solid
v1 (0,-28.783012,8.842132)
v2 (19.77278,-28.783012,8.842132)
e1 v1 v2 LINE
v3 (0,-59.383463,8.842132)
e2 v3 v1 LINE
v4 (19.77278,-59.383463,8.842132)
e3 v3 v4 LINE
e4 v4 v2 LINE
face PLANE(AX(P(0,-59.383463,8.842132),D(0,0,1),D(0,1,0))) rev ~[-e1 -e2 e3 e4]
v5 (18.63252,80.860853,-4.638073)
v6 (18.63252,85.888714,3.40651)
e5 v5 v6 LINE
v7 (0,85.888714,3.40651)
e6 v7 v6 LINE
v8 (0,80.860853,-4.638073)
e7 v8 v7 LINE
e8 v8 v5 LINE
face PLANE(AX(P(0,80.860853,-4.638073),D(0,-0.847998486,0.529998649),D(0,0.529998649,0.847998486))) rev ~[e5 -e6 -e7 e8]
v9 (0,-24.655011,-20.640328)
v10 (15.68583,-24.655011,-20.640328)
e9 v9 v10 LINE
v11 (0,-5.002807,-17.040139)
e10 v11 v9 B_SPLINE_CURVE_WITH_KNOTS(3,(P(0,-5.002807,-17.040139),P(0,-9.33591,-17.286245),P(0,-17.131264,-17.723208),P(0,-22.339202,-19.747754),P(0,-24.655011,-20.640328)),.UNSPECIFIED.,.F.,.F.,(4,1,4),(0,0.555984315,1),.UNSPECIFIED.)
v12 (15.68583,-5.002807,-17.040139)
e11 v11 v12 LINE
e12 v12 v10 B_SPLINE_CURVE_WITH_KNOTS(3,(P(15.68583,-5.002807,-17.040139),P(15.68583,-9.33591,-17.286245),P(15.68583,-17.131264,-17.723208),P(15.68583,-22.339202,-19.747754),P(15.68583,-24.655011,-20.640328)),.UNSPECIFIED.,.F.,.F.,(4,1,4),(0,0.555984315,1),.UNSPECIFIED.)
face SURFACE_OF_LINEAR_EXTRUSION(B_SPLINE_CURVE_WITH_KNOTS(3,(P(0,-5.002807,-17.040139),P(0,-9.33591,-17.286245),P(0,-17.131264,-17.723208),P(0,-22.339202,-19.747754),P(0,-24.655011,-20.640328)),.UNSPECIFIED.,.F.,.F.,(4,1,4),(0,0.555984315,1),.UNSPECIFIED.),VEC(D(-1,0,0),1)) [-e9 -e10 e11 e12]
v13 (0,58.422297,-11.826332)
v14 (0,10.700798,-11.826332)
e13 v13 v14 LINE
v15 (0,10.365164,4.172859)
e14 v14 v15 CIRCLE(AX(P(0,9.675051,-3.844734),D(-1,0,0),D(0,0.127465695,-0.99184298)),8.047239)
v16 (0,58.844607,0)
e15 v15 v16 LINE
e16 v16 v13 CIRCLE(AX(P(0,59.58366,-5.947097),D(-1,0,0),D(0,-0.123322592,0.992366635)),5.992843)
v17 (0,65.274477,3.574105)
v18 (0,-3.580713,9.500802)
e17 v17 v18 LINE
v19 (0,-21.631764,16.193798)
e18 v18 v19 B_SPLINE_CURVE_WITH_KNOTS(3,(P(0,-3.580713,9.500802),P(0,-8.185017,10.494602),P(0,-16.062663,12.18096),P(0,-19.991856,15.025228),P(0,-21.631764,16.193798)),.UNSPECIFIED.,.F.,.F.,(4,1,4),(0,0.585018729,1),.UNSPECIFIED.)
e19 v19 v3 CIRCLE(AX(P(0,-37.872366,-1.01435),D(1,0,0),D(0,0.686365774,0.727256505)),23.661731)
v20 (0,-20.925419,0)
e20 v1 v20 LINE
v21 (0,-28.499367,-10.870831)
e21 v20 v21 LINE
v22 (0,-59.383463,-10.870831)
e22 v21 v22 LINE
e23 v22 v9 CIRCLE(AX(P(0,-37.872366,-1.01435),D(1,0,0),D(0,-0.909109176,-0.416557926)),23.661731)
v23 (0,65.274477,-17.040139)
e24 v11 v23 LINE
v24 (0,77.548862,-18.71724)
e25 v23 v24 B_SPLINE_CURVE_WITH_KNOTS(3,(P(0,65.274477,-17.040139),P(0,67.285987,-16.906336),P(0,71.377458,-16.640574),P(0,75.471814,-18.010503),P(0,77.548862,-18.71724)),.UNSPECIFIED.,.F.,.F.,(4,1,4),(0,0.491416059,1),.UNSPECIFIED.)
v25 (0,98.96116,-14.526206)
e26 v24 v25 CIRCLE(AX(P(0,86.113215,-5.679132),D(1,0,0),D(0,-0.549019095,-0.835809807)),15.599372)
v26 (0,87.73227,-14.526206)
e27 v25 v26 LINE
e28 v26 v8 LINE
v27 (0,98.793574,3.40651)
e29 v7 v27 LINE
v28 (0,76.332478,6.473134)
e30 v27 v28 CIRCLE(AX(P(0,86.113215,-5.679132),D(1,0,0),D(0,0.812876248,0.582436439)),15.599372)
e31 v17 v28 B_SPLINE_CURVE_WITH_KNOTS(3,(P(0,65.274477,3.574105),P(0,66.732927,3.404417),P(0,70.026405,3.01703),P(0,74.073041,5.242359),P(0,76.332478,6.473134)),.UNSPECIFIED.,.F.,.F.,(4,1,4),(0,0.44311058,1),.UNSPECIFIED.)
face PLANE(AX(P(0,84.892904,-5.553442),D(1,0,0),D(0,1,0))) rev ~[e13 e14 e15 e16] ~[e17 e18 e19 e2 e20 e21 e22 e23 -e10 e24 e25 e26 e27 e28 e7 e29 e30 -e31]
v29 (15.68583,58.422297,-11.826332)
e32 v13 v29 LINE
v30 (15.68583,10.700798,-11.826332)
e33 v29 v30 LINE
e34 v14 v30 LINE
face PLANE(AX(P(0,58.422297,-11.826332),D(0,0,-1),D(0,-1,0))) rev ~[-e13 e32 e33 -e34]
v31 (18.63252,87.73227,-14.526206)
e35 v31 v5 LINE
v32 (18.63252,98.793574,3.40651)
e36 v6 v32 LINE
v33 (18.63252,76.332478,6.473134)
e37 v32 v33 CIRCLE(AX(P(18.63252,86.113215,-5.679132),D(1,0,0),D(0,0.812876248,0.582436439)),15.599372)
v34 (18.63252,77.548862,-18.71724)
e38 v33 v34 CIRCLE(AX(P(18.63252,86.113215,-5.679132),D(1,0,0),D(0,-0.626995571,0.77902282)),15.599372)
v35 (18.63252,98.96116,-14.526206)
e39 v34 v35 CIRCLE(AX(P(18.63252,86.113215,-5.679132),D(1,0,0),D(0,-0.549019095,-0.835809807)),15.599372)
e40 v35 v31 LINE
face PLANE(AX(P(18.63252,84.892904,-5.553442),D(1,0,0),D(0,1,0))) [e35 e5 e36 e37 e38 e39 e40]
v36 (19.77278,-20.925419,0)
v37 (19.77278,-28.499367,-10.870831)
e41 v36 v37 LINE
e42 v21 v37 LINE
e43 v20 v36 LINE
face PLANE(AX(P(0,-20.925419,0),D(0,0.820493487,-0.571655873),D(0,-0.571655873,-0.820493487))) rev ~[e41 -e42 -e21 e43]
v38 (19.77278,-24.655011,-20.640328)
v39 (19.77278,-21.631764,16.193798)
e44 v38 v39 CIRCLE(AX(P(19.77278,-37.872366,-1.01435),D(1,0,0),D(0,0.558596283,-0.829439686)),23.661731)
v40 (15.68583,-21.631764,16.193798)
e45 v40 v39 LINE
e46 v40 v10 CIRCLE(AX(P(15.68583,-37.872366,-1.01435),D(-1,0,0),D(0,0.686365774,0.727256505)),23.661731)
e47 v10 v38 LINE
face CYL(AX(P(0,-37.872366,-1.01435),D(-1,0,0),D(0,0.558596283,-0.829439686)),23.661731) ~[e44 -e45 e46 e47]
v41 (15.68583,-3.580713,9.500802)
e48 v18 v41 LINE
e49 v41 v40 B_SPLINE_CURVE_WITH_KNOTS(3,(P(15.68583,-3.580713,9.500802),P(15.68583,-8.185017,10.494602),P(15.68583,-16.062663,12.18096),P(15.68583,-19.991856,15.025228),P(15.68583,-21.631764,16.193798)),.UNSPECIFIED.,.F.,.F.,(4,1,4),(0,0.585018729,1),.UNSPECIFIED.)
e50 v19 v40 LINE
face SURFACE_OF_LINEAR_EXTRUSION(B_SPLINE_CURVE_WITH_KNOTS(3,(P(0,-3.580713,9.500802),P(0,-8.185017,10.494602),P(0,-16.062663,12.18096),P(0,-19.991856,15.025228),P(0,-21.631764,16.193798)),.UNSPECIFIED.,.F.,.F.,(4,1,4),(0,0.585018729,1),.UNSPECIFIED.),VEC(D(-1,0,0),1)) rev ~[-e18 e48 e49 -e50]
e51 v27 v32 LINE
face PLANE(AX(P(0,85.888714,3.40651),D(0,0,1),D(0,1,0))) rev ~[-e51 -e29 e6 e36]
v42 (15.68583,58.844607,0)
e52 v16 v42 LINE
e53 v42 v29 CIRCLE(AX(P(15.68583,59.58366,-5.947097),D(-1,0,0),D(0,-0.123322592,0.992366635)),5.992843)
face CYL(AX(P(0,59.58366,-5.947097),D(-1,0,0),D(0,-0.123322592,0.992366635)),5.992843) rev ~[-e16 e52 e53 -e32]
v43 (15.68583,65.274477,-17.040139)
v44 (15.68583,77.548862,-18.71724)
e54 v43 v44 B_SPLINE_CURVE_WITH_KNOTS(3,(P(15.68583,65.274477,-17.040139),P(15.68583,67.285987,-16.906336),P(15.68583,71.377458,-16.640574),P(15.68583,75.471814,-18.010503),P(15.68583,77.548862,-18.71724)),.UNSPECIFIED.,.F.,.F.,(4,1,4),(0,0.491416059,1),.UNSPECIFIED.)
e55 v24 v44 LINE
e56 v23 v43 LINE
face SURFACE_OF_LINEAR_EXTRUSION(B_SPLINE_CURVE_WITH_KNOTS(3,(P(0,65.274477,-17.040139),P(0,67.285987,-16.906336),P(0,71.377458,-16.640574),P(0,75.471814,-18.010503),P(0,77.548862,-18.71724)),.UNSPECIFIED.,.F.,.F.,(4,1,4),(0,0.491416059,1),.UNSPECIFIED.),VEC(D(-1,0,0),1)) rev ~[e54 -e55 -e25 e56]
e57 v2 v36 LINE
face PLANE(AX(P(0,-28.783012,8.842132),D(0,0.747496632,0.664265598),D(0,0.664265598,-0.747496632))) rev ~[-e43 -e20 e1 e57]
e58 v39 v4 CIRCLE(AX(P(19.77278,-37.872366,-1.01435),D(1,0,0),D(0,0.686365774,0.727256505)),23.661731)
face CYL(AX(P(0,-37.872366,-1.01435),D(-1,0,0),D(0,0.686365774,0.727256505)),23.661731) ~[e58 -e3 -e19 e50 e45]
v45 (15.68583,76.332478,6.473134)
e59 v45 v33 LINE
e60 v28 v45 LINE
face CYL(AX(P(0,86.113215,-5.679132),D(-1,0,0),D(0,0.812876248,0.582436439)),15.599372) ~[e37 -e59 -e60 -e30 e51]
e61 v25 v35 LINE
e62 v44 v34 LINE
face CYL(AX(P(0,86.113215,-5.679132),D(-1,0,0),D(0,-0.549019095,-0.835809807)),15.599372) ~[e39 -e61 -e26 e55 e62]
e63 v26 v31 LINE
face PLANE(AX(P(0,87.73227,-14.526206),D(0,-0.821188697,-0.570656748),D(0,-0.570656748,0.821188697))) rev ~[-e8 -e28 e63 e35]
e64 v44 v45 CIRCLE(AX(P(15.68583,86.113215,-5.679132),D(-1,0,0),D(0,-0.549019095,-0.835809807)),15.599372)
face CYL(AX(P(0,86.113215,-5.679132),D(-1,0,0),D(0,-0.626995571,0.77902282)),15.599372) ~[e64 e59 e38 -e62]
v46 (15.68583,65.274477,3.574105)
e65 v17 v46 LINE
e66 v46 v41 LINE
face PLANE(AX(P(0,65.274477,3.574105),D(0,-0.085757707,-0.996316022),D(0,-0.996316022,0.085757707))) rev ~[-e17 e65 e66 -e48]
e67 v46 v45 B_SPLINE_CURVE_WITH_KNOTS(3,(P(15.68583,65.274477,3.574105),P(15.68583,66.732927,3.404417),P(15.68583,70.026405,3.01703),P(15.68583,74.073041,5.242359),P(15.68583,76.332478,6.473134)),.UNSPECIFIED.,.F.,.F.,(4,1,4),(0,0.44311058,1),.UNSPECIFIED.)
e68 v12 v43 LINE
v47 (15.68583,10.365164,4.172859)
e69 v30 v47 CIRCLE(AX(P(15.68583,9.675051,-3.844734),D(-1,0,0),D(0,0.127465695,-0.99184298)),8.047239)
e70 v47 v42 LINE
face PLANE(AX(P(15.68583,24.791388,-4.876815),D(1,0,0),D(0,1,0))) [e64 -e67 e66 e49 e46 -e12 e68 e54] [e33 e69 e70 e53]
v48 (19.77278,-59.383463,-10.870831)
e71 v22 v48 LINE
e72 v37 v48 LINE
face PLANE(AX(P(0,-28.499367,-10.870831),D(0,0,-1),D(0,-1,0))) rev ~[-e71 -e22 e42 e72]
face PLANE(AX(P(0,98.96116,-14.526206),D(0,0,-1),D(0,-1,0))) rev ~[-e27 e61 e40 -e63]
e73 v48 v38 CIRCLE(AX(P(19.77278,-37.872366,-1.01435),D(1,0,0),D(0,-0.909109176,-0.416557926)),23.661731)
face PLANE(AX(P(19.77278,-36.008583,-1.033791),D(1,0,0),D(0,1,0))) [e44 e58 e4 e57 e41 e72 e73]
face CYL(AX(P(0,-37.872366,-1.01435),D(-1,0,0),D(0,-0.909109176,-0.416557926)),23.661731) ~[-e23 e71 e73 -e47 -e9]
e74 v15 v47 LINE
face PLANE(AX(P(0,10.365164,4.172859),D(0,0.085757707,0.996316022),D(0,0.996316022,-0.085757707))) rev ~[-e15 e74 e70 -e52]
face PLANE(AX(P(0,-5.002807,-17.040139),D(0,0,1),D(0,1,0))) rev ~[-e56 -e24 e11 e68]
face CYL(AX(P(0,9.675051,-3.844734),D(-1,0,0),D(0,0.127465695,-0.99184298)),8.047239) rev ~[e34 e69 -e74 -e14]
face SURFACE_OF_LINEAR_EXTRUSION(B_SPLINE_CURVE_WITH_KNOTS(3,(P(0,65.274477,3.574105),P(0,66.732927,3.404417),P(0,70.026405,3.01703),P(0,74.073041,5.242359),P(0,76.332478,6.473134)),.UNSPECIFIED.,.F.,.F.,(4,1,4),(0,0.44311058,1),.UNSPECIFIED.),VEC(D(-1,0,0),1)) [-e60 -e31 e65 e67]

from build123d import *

# Parameters (mm, degrees)
F1_DEPTH = 19.77278
F2_DEPTH = 15.68583
F3_DEPTH = 18.63252


with BuildPart() as f1:
    # F0 (on Right) → F1 (new body)
    with BuildSketch(Plane.YZ):
        with BuildLine():
            ThreePointArc((-24.6550113916, -20.6403282086), (-14.2899358418, -2.9499328055), (-21.631764082, 16.1937982509))
            ThreePointArc((-21.631764082, 16.1937982509), (-42.3952279546, 22.2110941878), (-59.3834631145, 8.8421320543))
            Line((-59.3834631145, 8.8421320543), (-28.7830121815, 8.8421320543))
            Line((-28.7830121815, 8.8421320543), (-20.9254194051, 0))
            Line((-20.9254194051, 0), (-28.4993667156, -10.8708310872))
            Line((-28.4993667156, -10.8708310872), (-59.3834631145, -10.8708310872))
            ThreePointArc((-59.3834631145, -10.8708310872), (-44.2799639395, -23.7919746243), (-24.6550113916, -20.6403282086))
        make_face()
    extrude(amount=F1_DEPTH)

    # F0 (on Right) → F2 (join)
    with BuildSketch(Plane.YZ):
        with BuildLine():
            ThreePointArc((77.5488621059, -18.7172400394), (70.5319981338, -6.4315126272), (76.3324780773, 6.4731342287))
            add(Edge.make_bspline(
                [(65.274477005, 3.5741054453), (66.7329266753, 3.4044171276), (70.0264053954, 3.0170299241), (74.0730411994, 5.2423594483), (76.3324780773, 6.4731342287)],
                knots=[0, 0, 0, 0, 0.4431105797, 1, 1, 1, 1], degree=3))
            Line((65.274477005, 3.5741054453), (-3.5807129461, 9.5008024946))
            add(Edge.make_bspline(
                [(-3.5807129461, 9.5008024946), (-8.1850167721, 10.4946023635), (-16.0626627691, 12.1809603216), (-19.9918558673, 15.0252283967), (-21.631764082, 16.1937982509)],
                knots=[0, 0, 0, 0, 0.5850187294, 1, 1, 1, 1], degree=3))
            ThreePointArc((-21.631764082, 16.1937982509), (-14.2899358418, -2.9499328055), (-24.6550113916, -20.6403282086))
            add(Edge.make_bspline(
                [(-5.0028073601, -17.0401390642), (-9.3359102028, -17.2862450952), (-17.1312640888, -17.7232079089), (-22.3392021757, -19.7477540646), (-24.6550113916, -20.6403282086)],
                knots=[0, 0, 0, 0, 0.5559843151, 1, 1, 1, 1], degree=3))
            Line((-5.0028073601, -17.0401390642), (65.274477005, -17.0401390642))
            add(Edge.make_bspline(
                [(65.274477005, -17.0401390642), (67.2859868291, -16.906336394), (71.3774576279, -16.6405736864), (75.4718135628, -18.0105027903), (77.5488621059, -18.7172400394)],
                knots=[0, 0, 0, 0, 0.4914160588, 1, 1, 1, 1], degree=3))
        make_face()
        with BuildLine():
            ThreePointArc((58.8446073234, 0), (65.572685649, -6.1609610629), (58.4222972393, -11.8263317272))
            Line((58.4222972393, -11.8263317272), (10.7007976621, -11.8263317272))
            ThreePointArc((10.7007976621, -11.8263317272), (1.6295820492, -4.0135137585), (10.365163526, 4.1728586721))
            Line((10.365163526, 4.1728586721), (58.8446073234, 0))
        make_face(mode=Mode.SUBTRACT)
    extrude(amount=F2_DEPTH)

    # F0 (on Right) → F3 (join)
    with BuildSketch(Plane.YZ):
        with BuildLine():
            Line((85.8887135983, 3.4065102227), (98.7935736775, 3.4065102227))
            ThreePointArc((98.7935736775, 3.4065102227), (88.2234276148, 9.7768503479), (76.3324780773, 6.4731342287))
            ThreePointArc((76.3324780773, 6.4731342287), (70.5319981338, -6.4315126272), (77.5488621059, -18.7172400394))
            ThreePointArc((77.5488621059, -18.7172400394), (89.1096263343, -20.9880157606), (98.9611595869, -14.5262060687))
            Line((98.9611595869, -14.5262060687), (87.73227036, -14.5262060687))
            Line((87.73227036, -14.5262060687), (80.8608531952, -4.6380725689))
            Line((80.8608531952, -4.6380725689), (85.8887135983, 3.4065102227))
        make_face()
    extrude(amount=F3_DEPTH)


solid = f1.part
